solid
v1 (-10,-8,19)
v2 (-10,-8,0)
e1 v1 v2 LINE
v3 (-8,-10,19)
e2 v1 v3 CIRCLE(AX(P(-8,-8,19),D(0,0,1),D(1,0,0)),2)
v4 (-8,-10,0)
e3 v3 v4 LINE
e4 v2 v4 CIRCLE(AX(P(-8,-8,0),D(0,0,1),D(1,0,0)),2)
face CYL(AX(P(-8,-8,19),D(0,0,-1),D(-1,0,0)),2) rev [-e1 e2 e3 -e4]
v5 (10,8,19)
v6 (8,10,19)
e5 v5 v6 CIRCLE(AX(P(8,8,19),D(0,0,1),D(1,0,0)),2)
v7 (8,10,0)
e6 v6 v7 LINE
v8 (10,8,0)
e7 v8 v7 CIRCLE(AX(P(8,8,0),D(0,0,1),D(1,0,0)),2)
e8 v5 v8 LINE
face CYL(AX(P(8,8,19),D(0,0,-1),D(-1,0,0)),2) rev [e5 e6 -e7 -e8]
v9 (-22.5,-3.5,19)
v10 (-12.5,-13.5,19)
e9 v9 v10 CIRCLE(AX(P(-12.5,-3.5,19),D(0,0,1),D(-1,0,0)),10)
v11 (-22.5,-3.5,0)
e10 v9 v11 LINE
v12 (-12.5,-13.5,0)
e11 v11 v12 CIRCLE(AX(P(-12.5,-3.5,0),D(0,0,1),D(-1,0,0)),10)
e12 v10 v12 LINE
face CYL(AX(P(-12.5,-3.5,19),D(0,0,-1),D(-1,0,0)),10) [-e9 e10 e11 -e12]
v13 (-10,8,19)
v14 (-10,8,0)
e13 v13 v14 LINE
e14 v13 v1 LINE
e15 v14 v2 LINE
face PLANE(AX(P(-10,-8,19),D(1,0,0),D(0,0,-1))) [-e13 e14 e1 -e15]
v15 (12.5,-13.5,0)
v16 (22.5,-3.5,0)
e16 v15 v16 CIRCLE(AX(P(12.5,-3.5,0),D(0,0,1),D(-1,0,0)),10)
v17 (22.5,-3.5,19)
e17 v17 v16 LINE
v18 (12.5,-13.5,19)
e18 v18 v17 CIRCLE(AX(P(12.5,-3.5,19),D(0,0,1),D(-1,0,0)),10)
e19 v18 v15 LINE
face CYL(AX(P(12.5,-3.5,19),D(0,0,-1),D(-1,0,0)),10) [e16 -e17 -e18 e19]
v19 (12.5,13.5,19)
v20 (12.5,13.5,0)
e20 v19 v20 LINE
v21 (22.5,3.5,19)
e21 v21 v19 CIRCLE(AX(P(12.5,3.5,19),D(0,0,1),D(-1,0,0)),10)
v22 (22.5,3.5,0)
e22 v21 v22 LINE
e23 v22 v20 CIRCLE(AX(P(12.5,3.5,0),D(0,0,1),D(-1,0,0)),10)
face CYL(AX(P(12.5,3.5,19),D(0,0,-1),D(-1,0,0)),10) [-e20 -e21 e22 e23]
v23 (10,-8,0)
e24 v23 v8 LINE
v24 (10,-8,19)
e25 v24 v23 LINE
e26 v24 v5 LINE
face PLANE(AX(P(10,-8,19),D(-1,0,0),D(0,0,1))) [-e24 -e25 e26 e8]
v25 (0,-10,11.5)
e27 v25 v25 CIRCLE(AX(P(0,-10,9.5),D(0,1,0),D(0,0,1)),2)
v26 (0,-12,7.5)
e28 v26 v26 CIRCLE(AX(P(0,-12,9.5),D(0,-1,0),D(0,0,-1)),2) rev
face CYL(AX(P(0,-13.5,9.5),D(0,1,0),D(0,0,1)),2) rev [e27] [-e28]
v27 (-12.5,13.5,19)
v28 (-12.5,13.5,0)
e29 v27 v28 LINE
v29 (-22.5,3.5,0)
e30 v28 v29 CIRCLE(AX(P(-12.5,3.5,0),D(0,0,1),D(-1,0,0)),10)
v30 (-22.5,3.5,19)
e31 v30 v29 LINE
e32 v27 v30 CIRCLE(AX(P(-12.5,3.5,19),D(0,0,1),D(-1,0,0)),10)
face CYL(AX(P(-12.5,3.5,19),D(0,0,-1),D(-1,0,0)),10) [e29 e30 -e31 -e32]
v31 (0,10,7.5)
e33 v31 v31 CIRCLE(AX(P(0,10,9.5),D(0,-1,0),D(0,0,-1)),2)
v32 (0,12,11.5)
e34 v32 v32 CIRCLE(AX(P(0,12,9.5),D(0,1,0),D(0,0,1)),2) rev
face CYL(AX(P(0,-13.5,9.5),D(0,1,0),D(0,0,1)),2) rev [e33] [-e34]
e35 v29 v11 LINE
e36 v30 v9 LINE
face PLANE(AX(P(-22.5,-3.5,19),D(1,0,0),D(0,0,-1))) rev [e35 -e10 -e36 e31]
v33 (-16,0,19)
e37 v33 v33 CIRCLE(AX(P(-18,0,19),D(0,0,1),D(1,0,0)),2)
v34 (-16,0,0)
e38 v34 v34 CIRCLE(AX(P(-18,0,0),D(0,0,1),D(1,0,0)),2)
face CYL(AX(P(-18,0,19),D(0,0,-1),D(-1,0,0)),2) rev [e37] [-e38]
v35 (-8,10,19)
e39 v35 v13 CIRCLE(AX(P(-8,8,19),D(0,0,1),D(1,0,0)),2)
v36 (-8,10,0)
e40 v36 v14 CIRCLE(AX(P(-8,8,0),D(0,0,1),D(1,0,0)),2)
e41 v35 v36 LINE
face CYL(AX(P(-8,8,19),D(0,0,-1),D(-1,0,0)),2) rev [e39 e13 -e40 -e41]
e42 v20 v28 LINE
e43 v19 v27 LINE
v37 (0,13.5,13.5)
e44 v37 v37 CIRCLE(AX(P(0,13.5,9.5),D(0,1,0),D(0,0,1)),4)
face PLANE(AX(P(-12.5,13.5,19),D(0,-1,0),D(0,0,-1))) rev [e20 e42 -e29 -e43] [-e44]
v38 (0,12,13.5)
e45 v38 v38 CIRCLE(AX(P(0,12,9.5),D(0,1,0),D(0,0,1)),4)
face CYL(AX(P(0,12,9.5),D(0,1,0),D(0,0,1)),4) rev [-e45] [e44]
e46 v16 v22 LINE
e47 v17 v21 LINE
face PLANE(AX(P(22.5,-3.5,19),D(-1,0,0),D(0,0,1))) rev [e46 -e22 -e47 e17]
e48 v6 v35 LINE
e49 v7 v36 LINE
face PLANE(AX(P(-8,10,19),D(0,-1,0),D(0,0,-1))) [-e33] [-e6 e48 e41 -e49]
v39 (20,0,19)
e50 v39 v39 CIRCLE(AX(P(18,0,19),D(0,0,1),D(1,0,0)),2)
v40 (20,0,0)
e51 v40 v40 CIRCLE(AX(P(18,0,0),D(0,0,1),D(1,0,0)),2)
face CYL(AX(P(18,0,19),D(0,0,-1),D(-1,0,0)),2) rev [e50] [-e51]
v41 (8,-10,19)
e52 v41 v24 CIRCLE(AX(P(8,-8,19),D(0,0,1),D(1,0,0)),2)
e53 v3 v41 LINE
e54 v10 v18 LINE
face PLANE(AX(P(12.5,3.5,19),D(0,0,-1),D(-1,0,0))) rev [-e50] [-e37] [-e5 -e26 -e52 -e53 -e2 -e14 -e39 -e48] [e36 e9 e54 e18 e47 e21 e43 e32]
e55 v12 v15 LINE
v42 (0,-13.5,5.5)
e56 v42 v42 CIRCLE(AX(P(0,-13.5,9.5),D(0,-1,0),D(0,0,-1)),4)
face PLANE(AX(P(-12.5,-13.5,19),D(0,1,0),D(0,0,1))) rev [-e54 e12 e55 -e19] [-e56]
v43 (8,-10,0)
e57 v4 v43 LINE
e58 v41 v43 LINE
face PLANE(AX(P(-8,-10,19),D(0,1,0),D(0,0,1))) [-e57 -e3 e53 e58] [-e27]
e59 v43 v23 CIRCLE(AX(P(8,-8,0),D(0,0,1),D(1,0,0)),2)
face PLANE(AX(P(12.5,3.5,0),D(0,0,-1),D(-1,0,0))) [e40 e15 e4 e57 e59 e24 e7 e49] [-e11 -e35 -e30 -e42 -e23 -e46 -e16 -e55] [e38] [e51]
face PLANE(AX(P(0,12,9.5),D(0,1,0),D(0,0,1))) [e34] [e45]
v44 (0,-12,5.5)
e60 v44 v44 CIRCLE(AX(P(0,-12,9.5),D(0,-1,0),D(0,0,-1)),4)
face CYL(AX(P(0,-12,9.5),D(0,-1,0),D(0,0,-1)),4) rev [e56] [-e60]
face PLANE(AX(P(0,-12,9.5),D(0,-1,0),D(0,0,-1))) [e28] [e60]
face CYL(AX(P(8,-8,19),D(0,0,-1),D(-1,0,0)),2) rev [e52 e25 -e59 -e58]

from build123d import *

# Parameters (mm, degrees)
SKETCH1_R           = 2
BOSS_EXTRUDE1_DEPTH = 19
SKETCH3_R           = 2
CUT_EXTRUDE2_DEPTH  = 40.953097502
SKETCH4_R           = 4
CUT_EXTRUDE3_DEPTH  = 1.5
CUT_EXTRUDE4_START  = -1.5
SKETCH5_R           = 4
CUT_EXTRUDE4_DEPTH  = 1.5


with BuildPart() as part:
    # Sketch1 → Boss-Extrude1 (new body)
    with BuildSketch(Plane.XY):
        with BuildLine():
            Line((-12.5, -13.5), (12.5, -13.5))
            ThreePointArc((12.5, -13.5), (19.571067812, -10.571067812), (22.5, -3.5))
            Line((22.5, -3.5), (22.5, 3.5))
            ThreePointArc((22.5, 3.5), (19.571067812, 10.571067812), (12.5, 13.5))
            Line((12.5, 13.5), (-12.5, 13.5))
            ThreePointArc((-12.5, 13.5), (-19.571067812, 10.571067812), (-22.5, 3.5))
            Line((-22.5, 3.5), (-22.5, -3.5))
            ThreePointArc((-22.5, -3.5), (-19.571067812, -10.571067812), (-12.5, -13.5))
        make_face()
        with Locations((-18, 0)):
            Circle(SKETCH1_R, mode=Mode.SUBTRACT)
        with Locations((18, 0)):
            Circle(SKETCH1_R, mode=Mode.SUBTRACT)
        with BuildLine():
            Line((-8, -10), (8, -10))
            ThreePointArc((8, -10), (9.414213562, -9.414213562), (10, -8))
            Line((10, -8), (10, 8))
            ThreePointArc((10, 8), (9.414213562, 9.414213562), (8, 10))
            Line((8, 10), (-8, 10))
            ThreePointArc((-8, 10), (-9.414213562, 9.414213562), (-10, 8))
            Line((-10, 8), (-10, -8))
            ThreePointArc((-10, -8), (-9.414213562, -9.414213562), (-8, -10))
        make_face(mode=Mode.SUBTRACT)
    extrude(amount=BOSS_EXTRUDE1_DEPTH)

    # Sketch3 → Cut-Extrude2 (cut, through all)
    with BuildSketch(Plane(origin=(0, 13.5, 0), x_dir=(1, 0, 0), z_dir=(0, 1, 0))):
        with Locations(Location((0, -9.5, 0), (0, 0, 270))):
            Circle(SKETCH3_R)
    extrude(amount=-CUT_EXTRUDE2_DEPTH, mode=Mode.SUBTRACT)

    # Sketch4 → Cut-Extrude3 (cut)
    with BuildSketch(Plane(origin=(0, 13.5, 0), x_dir=(1, 0, 0), z_dir=(0, 1, 0))):
        with Locations(Location((0, -9.5, 0), (0, 0, 270))):
            Circle(SKETCH4_R)
    extrude(amount=-CUT_EXTRUDE3_DEPTH, mode=Mode.SUBTRACT)

    # Sketch5 → Cut-Extrude4 (cut)
    with BuildSketch(Plane.XZ.offset(13.5).offset(CUT_EXTRUDE4_START)):
        with Locations(Location((0, 9.5, 0), (0, 0, 90))):
            Circle(SKETCH5_R)
    extrude(amount=CUT_EXTRUDE4_DEPTH, mode=Mode.SUBTRACT)


solid = part.part
